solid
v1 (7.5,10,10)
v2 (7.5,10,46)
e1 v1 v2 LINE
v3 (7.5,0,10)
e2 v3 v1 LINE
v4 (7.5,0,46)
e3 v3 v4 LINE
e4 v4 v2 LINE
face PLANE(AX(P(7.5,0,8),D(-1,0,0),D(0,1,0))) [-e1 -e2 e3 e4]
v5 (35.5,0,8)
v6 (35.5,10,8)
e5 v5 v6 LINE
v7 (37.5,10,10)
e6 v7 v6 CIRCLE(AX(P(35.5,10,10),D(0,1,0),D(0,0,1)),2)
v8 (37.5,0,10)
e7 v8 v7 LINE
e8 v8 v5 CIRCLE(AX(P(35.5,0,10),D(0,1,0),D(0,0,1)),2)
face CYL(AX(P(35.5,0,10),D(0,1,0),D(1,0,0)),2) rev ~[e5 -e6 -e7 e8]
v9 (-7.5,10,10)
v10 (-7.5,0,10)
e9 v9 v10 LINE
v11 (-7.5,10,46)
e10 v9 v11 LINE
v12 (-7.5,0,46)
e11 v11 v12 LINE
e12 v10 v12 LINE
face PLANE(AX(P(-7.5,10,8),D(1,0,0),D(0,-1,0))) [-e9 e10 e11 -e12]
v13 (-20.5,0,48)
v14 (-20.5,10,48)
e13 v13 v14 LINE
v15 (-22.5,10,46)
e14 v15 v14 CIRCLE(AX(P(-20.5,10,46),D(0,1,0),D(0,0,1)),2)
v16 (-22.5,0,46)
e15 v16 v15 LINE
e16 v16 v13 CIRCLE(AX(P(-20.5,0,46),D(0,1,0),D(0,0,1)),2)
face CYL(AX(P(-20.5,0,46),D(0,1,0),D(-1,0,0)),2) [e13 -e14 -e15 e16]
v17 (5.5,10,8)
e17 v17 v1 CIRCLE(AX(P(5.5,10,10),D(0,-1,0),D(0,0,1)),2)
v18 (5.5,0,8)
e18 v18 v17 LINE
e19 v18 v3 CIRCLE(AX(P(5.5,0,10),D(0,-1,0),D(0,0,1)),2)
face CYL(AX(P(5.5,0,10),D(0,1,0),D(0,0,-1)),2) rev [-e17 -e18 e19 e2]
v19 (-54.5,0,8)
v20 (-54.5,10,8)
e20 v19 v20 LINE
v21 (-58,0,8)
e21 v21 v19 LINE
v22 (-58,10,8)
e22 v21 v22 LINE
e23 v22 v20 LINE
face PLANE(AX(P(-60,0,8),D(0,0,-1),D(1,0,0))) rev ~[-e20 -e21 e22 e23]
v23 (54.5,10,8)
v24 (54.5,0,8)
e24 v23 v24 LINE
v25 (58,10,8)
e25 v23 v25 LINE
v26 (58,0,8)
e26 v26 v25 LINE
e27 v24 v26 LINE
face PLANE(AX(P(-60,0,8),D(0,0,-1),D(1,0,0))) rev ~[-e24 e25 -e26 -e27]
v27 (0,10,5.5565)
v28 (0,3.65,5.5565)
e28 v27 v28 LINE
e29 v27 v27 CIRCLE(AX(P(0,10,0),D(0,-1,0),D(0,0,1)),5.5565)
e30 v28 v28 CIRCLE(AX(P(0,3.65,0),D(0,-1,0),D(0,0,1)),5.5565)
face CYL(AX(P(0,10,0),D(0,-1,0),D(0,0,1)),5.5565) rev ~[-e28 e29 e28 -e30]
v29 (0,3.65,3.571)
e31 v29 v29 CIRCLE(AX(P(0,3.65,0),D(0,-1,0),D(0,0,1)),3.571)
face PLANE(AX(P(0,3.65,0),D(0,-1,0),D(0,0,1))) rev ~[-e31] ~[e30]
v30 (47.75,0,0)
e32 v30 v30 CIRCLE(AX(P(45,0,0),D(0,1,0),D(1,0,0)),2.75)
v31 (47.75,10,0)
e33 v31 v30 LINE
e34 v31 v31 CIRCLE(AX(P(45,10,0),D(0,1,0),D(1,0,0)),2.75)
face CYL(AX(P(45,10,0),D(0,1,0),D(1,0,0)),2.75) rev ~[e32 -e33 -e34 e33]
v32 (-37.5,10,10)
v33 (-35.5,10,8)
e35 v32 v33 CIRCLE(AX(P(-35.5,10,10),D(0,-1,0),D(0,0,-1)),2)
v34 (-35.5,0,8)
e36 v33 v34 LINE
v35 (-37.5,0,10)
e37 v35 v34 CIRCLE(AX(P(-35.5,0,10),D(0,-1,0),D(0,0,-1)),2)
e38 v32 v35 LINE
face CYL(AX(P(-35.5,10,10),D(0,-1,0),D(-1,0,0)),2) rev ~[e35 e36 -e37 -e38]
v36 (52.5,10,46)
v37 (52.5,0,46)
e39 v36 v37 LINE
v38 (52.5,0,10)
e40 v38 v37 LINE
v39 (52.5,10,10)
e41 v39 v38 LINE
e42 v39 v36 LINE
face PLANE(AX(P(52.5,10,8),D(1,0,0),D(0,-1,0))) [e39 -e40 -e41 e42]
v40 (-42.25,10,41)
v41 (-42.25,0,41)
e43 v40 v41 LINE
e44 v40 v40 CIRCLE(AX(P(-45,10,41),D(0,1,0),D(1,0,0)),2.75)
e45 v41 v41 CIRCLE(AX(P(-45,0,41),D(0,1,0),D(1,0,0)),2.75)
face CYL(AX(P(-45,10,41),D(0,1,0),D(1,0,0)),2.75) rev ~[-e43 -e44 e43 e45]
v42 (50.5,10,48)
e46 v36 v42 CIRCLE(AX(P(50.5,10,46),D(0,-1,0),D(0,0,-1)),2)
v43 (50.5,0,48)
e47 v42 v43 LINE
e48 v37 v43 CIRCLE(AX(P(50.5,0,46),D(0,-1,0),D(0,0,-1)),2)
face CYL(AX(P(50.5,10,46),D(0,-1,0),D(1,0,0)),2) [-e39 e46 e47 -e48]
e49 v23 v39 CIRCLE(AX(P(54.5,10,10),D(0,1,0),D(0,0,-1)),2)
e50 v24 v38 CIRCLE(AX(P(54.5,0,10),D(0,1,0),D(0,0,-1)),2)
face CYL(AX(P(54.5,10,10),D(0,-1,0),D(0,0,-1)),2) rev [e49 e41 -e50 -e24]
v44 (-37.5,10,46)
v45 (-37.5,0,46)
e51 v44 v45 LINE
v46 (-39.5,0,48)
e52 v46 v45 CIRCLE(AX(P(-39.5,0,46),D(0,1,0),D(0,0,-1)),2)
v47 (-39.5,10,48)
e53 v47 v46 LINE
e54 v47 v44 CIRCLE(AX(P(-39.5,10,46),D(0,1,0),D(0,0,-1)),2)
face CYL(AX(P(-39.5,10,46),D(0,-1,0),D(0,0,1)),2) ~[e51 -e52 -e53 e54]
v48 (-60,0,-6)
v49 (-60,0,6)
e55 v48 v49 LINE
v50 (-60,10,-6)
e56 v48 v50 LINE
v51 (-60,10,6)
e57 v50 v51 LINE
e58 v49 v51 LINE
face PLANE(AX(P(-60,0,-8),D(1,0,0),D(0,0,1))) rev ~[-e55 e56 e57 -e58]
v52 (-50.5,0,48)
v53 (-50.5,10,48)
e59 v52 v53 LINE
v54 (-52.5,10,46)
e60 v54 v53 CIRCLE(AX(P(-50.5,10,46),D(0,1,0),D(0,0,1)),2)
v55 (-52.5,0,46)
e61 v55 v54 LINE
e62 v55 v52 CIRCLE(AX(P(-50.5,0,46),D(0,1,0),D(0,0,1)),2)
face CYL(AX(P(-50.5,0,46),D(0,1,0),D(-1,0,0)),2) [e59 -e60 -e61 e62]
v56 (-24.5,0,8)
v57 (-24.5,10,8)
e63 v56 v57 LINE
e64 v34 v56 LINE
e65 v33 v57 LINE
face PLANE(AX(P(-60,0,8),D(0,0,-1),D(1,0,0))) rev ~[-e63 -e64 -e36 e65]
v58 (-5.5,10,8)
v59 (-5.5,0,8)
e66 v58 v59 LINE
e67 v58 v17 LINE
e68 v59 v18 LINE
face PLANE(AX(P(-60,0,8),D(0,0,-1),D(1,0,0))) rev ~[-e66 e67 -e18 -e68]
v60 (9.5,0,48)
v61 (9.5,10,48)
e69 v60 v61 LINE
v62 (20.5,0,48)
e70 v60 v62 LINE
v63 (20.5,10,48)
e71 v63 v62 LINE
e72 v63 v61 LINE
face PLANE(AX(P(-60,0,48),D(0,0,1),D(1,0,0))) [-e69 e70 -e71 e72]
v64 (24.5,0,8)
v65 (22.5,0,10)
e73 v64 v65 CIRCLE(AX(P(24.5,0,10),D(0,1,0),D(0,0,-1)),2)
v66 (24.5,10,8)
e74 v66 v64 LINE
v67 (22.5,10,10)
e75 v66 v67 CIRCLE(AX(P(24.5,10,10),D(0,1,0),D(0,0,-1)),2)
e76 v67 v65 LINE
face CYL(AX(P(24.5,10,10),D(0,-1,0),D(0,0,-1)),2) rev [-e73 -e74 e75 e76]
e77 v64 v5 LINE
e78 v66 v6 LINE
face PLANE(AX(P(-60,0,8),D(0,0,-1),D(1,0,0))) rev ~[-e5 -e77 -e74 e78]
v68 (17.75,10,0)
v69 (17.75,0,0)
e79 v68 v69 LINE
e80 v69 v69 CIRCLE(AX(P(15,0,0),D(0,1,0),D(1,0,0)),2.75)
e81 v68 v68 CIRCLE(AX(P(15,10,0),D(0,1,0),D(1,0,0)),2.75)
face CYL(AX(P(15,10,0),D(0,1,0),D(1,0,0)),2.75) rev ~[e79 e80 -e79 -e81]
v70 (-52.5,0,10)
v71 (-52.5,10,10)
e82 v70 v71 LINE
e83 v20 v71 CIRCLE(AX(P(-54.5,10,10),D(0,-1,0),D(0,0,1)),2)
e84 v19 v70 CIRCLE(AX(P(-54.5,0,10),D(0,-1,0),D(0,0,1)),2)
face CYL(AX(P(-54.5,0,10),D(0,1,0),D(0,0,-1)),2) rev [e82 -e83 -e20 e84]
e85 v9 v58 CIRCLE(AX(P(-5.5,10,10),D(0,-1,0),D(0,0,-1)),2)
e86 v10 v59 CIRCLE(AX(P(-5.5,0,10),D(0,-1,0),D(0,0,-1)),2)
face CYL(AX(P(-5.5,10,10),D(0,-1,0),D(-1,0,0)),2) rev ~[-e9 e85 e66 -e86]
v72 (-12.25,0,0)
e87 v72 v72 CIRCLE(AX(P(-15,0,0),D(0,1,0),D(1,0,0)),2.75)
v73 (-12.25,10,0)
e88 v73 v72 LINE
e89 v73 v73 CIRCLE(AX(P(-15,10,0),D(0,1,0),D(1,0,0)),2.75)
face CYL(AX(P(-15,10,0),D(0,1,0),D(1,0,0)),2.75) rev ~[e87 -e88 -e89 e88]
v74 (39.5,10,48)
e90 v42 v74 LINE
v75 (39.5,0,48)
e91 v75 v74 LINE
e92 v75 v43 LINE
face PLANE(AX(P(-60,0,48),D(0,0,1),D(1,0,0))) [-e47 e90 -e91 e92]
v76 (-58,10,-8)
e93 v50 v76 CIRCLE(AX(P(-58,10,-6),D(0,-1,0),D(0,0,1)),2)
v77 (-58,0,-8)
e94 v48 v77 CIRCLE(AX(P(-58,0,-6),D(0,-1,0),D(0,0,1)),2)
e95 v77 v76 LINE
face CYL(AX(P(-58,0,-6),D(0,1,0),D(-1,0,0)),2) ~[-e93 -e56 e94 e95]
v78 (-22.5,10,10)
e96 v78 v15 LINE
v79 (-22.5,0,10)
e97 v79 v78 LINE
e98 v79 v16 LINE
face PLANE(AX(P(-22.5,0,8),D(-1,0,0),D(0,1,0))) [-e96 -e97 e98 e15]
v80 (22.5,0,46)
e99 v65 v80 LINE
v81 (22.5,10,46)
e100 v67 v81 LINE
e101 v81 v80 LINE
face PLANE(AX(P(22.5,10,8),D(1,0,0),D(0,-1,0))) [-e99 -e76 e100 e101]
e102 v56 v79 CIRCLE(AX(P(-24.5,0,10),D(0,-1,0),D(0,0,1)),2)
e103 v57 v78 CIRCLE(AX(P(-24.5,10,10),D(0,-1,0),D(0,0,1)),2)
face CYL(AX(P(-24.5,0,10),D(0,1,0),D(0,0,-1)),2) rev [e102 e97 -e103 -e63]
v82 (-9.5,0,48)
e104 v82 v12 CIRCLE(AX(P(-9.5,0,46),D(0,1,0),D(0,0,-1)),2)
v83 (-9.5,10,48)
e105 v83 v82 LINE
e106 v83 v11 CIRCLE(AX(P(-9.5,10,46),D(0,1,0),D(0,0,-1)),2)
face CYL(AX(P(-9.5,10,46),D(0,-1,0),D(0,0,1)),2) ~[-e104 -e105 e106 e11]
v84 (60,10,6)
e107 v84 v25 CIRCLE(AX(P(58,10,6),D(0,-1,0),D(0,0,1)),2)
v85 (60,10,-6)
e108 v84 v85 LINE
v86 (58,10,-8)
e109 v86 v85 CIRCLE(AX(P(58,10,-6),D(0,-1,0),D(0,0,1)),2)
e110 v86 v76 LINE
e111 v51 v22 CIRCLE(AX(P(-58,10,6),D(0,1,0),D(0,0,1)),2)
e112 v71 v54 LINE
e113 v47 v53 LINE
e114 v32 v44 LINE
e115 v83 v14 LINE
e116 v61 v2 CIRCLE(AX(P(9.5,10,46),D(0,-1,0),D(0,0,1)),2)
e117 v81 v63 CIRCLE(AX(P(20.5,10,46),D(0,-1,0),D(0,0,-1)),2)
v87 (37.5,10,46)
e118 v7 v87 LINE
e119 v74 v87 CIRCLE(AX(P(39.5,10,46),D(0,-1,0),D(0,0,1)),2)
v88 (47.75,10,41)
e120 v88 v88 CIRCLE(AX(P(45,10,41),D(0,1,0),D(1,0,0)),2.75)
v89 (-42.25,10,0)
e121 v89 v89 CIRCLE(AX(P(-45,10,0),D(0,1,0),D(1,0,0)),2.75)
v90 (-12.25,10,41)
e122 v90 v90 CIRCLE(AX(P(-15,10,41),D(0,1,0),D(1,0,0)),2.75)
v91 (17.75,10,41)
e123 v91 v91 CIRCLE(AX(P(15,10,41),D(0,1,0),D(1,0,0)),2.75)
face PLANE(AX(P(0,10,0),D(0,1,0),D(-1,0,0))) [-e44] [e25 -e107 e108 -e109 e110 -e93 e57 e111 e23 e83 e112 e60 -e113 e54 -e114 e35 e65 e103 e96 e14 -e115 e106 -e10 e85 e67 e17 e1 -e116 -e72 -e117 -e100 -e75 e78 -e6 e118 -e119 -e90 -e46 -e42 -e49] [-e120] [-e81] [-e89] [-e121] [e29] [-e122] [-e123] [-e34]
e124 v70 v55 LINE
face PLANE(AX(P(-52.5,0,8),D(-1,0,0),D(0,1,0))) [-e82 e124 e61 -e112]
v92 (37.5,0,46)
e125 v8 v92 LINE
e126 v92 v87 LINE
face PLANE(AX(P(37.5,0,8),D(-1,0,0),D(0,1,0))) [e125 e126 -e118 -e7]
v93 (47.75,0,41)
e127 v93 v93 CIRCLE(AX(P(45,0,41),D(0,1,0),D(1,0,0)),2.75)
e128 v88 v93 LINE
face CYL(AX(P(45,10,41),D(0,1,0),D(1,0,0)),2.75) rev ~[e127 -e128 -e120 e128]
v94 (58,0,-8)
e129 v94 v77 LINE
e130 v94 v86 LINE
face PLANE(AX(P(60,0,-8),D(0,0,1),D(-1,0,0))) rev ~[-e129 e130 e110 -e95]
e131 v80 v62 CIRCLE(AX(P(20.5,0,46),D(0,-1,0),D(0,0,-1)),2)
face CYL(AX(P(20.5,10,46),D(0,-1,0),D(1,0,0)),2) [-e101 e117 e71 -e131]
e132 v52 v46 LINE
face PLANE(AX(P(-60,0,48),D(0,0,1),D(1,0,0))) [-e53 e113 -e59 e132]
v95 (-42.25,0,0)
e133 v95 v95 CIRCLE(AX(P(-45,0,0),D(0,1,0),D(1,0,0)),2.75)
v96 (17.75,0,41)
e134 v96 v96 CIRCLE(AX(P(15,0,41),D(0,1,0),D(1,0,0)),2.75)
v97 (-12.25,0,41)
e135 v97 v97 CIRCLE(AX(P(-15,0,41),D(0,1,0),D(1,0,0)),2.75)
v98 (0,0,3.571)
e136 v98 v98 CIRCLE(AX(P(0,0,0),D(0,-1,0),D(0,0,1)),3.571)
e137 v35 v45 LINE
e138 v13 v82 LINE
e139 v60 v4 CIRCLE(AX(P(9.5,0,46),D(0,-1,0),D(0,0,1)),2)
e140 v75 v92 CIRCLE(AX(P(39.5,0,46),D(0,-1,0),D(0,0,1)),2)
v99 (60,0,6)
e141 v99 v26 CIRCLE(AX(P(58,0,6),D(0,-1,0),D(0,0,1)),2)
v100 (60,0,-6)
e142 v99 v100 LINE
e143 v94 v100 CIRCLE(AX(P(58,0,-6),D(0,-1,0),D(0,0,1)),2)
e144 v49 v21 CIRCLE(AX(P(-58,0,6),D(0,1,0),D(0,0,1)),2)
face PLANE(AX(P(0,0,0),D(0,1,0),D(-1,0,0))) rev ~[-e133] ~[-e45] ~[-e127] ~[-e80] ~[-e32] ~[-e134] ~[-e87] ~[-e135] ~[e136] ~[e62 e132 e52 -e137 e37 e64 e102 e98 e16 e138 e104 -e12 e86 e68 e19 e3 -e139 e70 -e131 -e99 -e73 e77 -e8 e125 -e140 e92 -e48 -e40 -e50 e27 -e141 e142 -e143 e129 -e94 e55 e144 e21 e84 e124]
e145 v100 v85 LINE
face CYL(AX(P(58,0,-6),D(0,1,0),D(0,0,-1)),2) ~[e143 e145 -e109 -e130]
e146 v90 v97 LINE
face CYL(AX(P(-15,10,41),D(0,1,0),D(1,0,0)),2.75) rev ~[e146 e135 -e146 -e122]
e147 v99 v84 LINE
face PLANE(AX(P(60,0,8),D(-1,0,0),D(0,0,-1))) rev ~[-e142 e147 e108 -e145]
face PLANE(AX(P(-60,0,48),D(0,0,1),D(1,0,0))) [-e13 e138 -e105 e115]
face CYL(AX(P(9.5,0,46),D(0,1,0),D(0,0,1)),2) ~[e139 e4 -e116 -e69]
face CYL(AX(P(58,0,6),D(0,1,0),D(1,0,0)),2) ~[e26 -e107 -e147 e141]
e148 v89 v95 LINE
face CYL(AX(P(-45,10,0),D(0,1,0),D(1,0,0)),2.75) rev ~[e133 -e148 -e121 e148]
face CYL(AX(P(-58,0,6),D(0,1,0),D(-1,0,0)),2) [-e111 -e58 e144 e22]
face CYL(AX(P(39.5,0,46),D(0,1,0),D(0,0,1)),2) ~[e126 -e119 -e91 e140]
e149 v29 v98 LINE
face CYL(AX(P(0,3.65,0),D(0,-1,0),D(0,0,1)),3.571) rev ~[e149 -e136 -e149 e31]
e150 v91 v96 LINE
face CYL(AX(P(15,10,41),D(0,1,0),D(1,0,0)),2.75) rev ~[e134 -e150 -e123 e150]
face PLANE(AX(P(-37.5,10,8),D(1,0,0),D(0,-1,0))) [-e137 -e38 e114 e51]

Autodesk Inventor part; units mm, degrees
ref_plane "YZ Plane" through (0, 0, 0) normal (1, 0, 0) x (0, 1, 0)
ref_plane "XZ Plane" through (0, 0, 0) normal (0, 1, 0) x (-1, 0, 0)
ref_plane "XY Plane" through (0, 0, 0) normal (0, 0, 1) x (1, 0, 0)
sketch "Sketch1" plane through (0, 0, 0) normal (0, 1, 0) x (-1, 0, 0)
  line L0 (60, 8) -> (-60, 8)
  line L1 (-60, 8) -> (-60, -8)
  line L2 (-60, -8) -> (60, -8)
  line L3 (60, -8) -> (60, 8)
  line L4 (60, 8) -> (-60, -8) construction
  line L5 (-60, 8) -> (60, -8) construction
  point P0 (0, 0)
  dimension "d0" = 16
  dimension "d1" = 120
extrude "Extrusion1" add sketch "Sketch1" along normal blind 10
hole "Hole1" at (0, 10, 0) direction (0, -1, 0) diameter 7.142 depth 25.4 counterbore diameter 11.113 counterbore depth 6.35 clearance for "Socket Head Cap Screw" size "1/4" standard "Ansi Unified Screw Threads"
sketch "Sketch2" plane through (0, 10, 0) normal (0, 1, 0) x (1, 0, 0)
  circle A0 centre (15, 0) radius 2.75
  circle A1 centre (45, 0) radius 2.75
  circle A2 centre (-15, 0) radius 2.75
  circle A3 centre (-45, 0) radius 2.75
  point P0 (0, 0)
  dimension "d15" = 5.5
  dimension "d16" = 15
  dimension "d17" = 30
  dimension "d18" = 5.5
  dimension "d19" = 15
  dimension "d20" = 5.5
  dimension "d21" = 30
  dimension "d22" = 5.5
extrude "Extrusion2" cut sketch "Sketch2" against normal up to next
sketch "Sketch6" plane through (-60, 0, 8) normal (0, 0, 1) x (1, 0, 0)
  line L0 (120, 10) -> (0, 10) projected
  line L1 (0, 0) -> (120, 0) projected
  line L2 (7.5, 10) -> (22.5, 10)
  line L3 (22.5, 10) -> (22.5, 0)
  line L4 (22.5, 0) -> (7.5, 0)
  line L5 (7.5, 0) -> (7.5, 10)
  line L6 (0, 0) -> (0, 10) projected
  line L7 (0, 10) -> (120, 10) projected
  line L8 (37.5, 10) -> (52.5, 10)
  line L9 (52.5, 10) -> (52.5, 0)
  line L10 (52.5, 0) -> (37.5, 0)
  line L11 (37.5, 0) -> (37.5, 10)
  line L12 (67.5, 10) -> (82.5, 10)
  line L13 (82.5, 10) -> (82.5, 0)
  line L14 (82.5, 0) -> (67.5, 0)
  line L15 (67.5, 0) -> (67.5, 10)
  line L16 (97.5, 10) -> (112.5, 10)
  line L17 (112.5, 10) -> (112.5, 0)
  line L18 (112.5, 0) -> (97.5, 0)
  line L19 (97.5, 0) -> (97.5, 10)
  line L20 (127.5, 10) -> (142.5, 10)
  line L21 (142.5, 10) -> (142.5, 0)
  line L22 (142.5, 0) -> (127.5, 0)
  line L23 (127.5, 0) -> (127.5, 10)
  point P0 (60, 0)
  point P1 (150, 10)
  point P2 (150, 0)
  dimension "d33" = 15
  dimension "d34" = 7.5
  dimension "d35" = 15
  dimension "d36" = 15
  dimension "d37" = 15
  dimension "d38" = 15
  dimension "d39" = 15
  dimension "d40" = 15
  dimension "d41" = 15
  dimension "d42" = 15
extrude "Extrusion5" add sketch "Sketch6" along normal blind 40 contours L17 L1 L19 L0 | L13 L1 L15 L0 | L9 L1 L11 L0 | L3 L1 L5 L0
sketch "Sketch7" plane through (0, 10, 0) normal (0, 1, 0) x (1, 0, 0)
  circle A0 centre (-45, -41) radius 2.75
  circle A1 centre (-45, 0) radius 2.75 projected
  line L0 (-52.5, -8) -> (-52.5, -48) projected
  circle A2 centre (-15, -41) radius 2.75
  circle A3 centre (15, -41) radius 2.75
  circle A4 centre (45, -41) radius 2.75
  circle A5 centre (75, -41) radius 2.75
  point P0 (0, 0)
  dimension "d45" = 5.5
  dimension "d46" = 41
  dimension "d47" = 7.5
  dimension "d48" = 5.5
  dimension "d49" = 5.5
  dimension "d50" = 5.5
  dimension "d51" = 5.5
extrude "Extrusion6" cut sketch "Sketch7" against normal up to next contours A0 | A2 | A3 | A4 | A5
fillet "Fillet1" radius 2 20 edges at (-52.5, 5, 48) (-37.5, 5, 48) (-22.5, 5, 48) (-7.5, 5, 48) (7.5, 5, 48) (22.5, 5, 48) (37.5, 5, 48) (52.5, 5, 48) (-60, 5, 8) (-60, 5, -8) (-52.5, 5, 8) (-37.5, 5, 8) (-22.5, 5, 8) (7.5, 5, 8) (37.5, 5, 8) (52.5, 5, 8) (22.5, 5, 8) (-7.5, 5, 8) (60, 5, 8) (60, 5, -8)
properties part number "FlowmeterMountThorX4"
